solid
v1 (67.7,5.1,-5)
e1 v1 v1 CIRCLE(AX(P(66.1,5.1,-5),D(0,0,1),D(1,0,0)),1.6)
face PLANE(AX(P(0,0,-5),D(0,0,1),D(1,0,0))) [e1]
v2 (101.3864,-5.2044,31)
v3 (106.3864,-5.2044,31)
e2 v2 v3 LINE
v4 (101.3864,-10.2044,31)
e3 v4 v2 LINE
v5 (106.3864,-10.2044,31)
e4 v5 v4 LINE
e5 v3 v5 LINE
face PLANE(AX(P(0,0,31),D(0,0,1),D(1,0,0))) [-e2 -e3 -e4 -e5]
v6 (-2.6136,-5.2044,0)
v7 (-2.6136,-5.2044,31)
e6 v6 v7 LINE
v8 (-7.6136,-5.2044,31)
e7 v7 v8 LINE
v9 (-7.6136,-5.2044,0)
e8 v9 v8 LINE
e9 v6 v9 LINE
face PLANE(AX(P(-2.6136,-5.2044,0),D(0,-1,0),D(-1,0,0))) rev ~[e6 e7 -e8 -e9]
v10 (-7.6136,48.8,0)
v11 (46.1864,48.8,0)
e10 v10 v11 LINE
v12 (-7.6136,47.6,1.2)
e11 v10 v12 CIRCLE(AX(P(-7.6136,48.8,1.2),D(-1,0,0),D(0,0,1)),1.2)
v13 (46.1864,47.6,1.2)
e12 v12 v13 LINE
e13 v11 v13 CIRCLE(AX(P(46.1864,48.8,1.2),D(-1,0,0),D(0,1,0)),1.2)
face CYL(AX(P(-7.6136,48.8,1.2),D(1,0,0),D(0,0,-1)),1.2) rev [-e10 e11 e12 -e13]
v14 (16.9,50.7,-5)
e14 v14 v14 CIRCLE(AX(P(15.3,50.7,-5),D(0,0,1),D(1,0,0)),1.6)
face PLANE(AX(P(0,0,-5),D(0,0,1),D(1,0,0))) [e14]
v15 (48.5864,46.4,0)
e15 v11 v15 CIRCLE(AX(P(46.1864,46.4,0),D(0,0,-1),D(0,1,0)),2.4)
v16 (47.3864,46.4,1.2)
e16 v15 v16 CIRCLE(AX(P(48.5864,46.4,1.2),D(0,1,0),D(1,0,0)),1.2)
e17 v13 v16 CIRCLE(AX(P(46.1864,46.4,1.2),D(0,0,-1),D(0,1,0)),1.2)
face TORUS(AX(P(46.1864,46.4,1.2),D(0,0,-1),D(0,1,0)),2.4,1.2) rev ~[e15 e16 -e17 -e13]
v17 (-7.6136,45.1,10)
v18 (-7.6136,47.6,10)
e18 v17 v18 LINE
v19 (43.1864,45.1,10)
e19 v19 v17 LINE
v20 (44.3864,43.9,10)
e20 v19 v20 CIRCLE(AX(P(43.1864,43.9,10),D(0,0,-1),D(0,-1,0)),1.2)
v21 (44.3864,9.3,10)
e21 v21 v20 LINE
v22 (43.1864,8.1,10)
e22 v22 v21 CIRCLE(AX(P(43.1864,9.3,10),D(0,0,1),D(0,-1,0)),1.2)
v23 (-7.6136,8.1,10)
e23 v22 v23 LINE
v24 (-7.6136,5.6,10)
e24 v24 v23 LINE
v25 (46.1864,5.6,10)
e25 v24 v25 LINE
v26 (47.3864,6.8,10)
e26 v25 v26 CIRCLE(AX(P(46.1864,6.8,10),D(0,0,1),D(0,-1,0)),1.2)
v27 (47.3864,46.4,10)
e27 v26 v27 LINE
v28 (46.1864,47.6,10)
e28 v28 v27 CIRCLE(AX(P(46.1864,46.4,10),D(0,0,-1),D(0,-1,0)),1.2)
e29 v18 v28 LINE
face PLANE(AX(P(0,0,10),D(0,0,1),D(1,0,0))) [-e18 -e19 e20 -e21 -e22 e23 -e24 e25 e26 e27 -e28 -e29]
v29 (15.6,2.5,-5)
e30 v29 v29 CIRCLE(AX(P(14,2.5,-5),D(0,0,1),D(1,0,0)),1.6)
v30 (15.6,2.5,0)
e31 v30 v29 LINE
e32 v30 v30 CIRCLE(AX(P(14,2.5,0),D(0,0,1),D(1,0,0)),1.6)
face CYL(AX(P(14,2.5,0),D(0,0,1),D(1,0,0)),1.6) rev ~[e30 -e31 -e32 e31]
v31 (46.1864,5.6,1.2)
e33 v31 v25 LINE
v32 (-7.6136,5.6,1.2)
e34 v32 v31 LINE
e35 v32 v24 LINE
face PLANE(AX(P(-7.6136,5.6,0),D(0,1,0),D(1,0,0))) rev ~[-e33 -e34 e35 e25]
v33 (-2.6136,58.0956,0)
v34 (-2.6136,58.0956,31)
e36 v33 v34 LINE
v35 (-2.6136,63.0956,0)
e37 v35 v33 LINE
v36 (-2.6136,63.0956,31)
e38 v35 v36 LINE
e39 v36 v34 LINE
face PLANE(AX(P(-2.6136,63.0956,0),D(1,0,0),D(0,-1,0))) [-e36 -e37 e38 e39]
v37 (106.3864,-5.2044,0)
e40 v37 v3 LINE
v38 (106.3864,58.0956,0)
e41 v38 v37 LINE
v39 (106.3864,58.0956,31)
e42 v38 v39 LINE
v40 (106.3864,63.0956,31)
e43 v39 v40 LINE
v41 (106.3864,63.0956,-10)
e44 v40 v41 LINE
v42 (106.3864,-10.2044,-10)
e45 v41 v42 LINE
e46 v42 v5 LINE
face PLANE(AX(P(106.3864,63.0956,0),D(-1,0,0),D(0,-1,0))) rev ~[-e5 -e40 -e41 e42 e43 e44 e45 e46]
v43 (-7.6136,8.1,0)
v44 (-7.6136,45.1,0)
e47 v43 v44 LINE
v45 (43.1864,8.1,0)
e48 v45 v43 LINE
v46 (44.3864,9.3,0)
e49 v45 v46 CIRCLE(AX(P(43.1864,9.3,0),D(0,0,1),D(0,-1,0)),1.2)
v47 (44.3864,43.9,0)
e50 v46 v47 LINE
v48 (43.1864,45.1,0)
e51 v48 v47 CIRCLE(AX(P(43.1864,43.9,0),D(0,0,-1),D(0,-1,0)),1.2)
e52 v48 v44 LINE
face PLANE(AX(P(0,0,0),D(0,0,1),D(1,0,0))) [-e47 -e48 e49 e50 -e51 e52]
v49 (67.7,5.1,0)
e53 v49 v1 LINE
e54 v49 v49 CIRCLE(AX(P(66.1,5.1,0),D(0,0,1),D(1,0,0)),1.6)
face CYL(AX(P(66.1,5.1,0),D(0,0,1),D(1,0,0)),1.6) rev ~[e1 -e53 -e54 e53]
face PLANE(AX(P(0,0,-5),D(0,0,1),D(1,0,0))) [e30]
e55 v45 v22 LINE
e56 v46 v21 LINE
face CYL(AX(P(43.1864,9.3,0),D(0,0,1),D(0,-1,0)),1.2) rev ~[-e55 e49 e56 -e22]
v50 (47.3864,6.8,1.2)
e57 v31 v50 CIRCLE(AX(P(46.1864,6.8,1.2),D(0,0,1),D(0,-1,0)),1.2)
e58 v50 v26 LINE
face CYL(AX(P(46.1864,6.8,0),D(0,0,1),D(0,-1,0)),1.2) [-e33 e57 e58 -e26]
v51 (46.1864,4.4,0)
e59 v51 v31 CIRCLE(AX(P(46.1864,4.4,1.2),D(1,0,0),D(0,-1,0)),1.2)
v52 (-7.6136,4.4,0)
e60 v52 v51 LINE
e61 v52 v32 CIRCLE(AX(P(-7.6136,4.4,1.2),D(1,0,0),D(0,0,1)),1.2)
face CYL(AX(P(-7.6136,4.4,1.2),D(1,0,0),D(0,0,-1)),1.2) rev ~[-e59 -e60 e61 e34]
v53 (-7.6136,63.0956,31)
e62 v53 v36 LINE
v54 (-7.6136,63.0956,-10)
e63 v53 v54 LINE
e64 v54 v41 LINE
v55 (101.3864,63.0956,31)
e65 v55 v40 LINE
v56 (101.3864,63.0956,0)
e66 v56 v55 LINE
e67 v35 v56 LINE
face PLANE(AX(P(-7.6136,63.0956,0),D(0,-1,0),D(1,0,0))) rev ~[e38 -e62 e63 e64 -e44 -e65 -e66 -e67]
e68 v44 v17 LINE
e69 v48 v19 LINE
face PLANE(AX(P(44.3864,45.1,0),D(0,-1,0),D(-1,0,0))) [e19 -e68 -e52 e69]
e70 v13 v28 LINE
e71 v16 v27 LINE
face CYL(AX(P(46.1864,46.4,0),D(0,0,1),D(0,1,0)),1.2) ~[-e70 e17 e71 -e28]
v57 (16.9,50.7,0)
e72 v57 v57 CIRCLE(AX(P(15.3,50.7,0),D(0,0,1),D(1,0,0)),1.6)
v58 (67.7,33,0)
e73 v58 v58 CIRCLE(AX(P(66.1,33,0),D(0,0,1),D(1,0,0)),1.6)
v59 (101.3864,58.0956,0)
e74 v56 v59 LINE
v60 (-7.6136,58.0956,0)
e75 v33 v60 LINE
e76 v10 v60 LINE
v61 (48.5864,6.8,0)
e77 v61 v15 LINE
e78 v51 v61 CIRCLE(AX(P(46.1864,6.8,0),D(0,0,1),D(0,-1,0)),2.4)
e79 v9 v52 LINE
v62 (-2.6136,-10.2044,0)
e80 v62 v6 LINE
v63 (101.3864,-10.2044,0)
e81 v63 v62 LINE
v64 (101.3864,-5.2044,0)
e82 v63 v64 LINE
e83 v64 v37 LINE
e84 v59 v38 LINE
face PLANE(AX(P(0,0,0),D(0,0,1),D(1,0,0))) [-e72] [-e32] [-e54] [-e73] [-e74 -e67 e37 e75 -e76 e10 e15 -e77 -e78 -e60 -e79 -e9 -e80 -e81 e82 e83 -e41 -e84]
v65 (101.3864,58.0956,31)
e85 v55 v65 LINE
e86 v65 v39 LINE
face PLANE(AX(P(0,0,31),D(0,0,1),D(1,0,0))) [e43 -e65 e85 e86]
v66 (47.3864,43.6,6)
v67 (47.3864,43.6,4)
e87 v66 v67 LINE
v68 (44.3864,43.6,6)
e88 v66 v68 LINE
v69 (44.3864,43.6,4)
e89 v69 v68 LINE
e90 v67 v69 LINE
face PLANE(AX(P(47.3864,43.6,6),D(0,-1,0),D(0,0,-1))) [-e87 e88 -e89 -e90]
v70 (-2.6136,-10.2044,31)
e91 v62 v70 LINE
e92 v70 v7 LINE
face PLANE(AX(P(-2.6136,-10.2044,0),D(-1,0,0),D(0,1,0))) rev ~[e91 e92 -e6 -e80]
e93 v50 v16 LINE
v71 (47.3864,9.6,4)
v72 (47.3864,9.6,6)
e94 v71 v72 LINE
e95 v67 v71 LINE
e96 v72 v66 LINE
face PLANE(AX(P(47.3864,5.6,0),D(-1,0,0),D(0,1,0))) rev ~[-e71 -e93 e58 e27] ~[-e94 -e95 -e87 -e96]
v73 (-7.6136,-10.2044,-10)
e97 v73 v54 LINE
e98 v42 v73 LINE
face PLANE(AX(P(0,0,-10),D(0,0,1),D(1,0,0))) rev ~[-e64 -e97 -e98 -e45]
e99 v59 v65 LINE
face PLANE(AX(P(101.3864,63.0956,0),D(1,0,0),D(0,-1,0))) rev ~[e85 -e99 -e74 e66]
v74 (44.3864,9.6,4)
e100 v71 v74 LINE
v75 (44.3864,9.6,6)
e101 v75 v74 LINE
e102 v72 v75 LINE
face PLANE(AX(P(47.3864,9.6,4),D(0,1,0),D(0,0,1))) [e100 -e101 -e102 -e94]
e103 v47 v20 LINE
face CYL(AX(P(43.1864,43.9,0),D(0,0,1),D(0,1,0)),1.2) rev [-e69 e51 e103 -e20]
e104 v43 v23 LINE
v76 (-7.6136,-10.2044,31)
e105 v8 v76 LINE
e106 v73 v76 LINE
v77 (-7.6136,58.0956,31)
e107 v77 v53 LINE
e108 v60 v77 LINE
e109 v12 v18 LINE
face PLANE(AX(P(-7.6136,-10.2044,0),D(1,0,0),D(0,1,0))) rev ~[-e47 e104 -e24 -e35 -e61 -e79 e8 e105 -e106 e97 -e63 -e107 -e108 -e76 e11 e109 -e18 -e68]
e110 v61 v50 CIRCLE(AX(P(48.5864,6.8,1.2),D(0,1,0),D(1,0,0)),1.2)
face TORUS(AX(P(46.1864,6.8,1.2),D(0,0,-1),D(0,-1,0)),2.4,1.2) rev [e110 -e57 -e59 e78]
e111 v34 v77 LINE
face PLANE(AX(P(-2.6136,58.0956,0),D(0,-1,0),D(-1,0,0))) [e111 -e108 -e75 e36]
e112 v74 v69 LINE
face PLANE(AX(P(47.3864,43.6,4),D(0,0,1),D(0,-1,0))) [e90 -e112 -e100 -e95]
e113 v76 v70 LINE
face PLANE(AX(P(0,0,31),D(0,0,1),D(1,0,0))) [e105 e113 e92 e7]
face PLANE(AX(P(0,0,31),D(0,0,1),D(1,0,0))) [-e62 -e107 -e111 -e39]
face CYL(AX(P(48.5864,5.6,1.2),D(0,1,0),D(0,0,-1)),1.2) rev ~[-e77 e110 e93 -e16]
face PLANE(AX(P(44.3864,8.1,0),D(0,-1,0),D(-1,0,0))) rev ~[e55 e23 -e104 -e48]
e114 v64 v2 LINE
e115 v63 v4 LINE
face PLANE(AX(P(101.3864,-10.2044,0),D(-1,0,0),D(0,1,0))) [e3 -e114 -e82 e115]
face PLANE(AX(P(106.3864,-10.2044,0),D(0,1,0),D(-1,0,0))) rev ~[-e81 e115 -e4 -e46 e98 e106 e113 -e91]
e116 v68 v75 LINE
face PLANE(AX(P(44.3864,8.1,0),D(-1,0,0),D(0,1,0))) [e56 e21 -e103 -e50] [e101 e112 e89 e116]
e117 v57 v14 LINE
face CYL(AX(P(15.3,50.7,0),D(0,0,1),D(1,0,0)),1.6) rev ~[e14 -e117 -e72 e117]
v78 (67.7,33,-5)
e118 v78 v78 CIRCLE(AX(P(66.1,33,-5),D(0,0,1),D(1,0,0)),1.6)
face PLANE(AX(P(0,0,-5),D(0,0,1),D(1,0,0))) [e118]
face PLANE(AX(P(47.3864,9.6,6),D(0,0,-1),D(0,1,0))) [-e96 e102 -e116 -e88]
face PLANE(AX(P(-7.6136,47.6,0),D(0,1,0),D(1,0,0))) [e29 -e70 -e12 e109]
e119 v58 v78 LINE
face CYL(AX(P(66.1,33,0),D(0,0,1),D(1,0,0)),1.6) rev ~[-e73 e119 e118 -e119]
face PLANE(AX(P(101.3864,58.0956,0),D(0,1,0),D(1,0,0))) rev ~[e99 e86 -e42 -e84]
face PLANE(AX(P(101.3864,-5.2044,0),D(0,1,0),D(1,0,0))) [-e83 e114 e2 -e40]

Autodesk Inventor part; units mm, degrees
ref_plane "YZ Plane" through (0, 0, 0) normal (1, 0, 0) x (0, 1, 0)
ref_plane "XZ Plane" through (0, 0, 0) normal (0, 1, 0) x (-1, 0, 0)
ref_plane "XY Plane" through (0, 0, 0) normal (0, 0, 1) x (1, 0, 0)
sketch "Arduino Uno" plane through (0, 0, 0) normal (0, 0, 1) x (1, 0, 0)
  line L0 (0, 0) -> (68.6, 0)
  line L1 (68.6, 0) -> (68.6, 53.3)
  line L2 (68.6, 53.3) -> (0, 53.3)
  line L3 (0, 53.3) -> (0, 0)
  circle A0 centre (14, 2.5) radius 1.6
  circle A1 centre (15.3, 50.7) radius 1.6
  circle A2 centre (66.1, 5.1) radius 1.6
  circle A3 centre (66.1, 33) radius 1.6
  dimension "d6" = 68.6
  dimension "d7" = 53.3
  dimension "d8" = 3.2
  dimension "d12" = 14
  dimension "d13" = 2.5
  dimension "d14" = 3.2
  dimension "d15" = 1.3
  dimension "d16" = 3.2
  dimension "d18" = 2.5
  dimension "d19" = 5.1
  dimension "d20" = 3.2
  dimension "d21" = 27.9
  dimension "d22" = 2.5
  dimension "d26" = 2.6
sketch "Sketch2" plane through (0, 0, 0) normal (0, 0, 1) x (1, 0, 0)
  line L0 (-7.6136, -10.2044) -> (-7.6136, 63.0956)
  line L1 (-7.6136, 63.0956) -> (106.3864, 63.0956)
  line L2 (106.3864, 63.0956) -> (106.3864, -10.2044)
  line L3 (106.3864, -10.2044) -> (-7.6136, -10.2044)
  dimension "d29" = 114
  dimension "d39" = 73.3
extrude "Back Plate" add sketch "Sketch2" against normal blind 10
extrude "Uno Mounting Holes" cut sketch "Arduino Uno" against normal blind 5 contours A0 | A1 | A2 | A3
sketch "3.5\" TFT LCD Screen" plane through (0, 0, 0) normal (0, 0, 1) x (1, 0, 0)
  line L0 (88.6005, 0.0003) -> (88.6005, 53.3003)
  line L1 (88.6005, 53.3003) -> (10.6005, 53.3003)
  line L2 (10.6005, 53.3003) -> (10.6005, 0.0003)
  line L3 (10.6005, 0.0003) -> (88.6005, 0.0003)
  circle A0 centre (66.1, 5.1) radius 1.6 projected
  circle A1 centre (14, 2.5) radius 1.6 projected
  circle A2 centre (15.3, 50.7) radius 1.6 projected
  circle A3 centre (66.1, 33) radius 1.6 projected
  line L4 (-7.6136, -10.2044) -> (-7.6136, 63.0956) projected
  line L5 (106.3864, -10.2044) -> (-7.6136, -10.2044) projected
  line L6 (106.3864, 63.0956) -> (106.3864, -10.2044) projected
  line L7 (-7.6136, 63.0956) -> (106.3864, 63.0956) projected
  point P0 (0, 0)
  point P1 (68.6, 0)
  dimension "d35" = 78
  dimension "d36" = 53.3
  dimension "d37" = 78
  dimension "d38" = 53.3
sketch "SD Card Slot" plane through (0, 0, 0) normal (0, 0, 1) x (1, 0, 0)
  line L0 (43.3864, 9.1) -> (-7.6136, 9.1)
  line L1 (-7.6136, 9.1) -> (-7.6136, 44.1)
  line L2 (-7.6136, 44.1) -> (43.3864, 44.1)
  line L3 (43.3864, 44.1) -> (43.3864, 9.1)
  circle A0 centre (14, 2.5) radius 1.6 projected
  line L4 (-7.6136, -10.2044) -> (-7.6136, 63.0956) projected
  circle A1 centre (15.3, 50.7) radius 1.6 projected
  point P0 (0, 0)
  dimension "d41" = 35
  dimension "d42" = 51
  dimension "d44" = 6.6
  dimension "d45" = 0
sketch "Sketch5" plane through (0, 0, 0) normal (0, 0, 1) x (1, 0, 0)
  line L0 (43.3864, 9.1) -> (-7.6136, 9.1) projected
  line L1 (43.3864, 44.1) -> (43.3864, 9.1) projected
  line L2 (-7.6136, 44.1) -> (43.3864, 44.1) projected
  line L3 (-7.6136, 9.1) -> (-7.6136, 44.1) projected
  line L4 (44.3864, 8.1) -> (44.3864, 45.1)
  line L5 (44.3864, 8.1) -> (-7.6136, 8.1)
  line L6 (-7.6136, -10.2044) -> (-7.6136, 63.0956) projected
  line L7 (44.3864, 45.1) -> (-7.6136, 45.1)
  line L8 (-7.6136, 45.1) -> (-7.6136, 47.6)
  line L9 (-7.6136, 47.6) -> (47.3864, 47.6)
  line L10 (-7.6136, 8.1) -> (-7.6136, 5.6)
  line L11 (-7.6136, 5.6) -> (47.3864, 5.6)
  line L12 (47.3864, 5.6) -> (47.3864, 47.6)
  point P0 (0, 0)
  dimension "d47" = 2.5
  dimension "d48" = 55
  dimension "d49" = 2.5
extrude "SD Card Slot Slot" add sketch "Sketch5" along normal blind 10 contours L5 L4 L7 L6 L9 L12 L11
sketch "Sketch6" plane through (47.3864, 5.6, 0) normal (1, 0, 0) x (0, 0, -1)
  line L0 (0, 42) -> (0, 0) projected
  line L1 (0, 42) -> (-10, 42) projected
  line L2 (-10, 0) -> (-10, 42) projected
  line L3 (0, 0) -> (-10, 0) projected
  line L4 (-6, 38) -> (-4, 38)
  line L5 (-4, 38) -> (-4, 4)
  line L6 (-4, 4) -> (-6, 4)
  line L7 (-6, 4) -> (-6, 38)
  point P0 (0, -5.6)
  dimension "d52" = 4
extrude "SD Ribbon Slot" cut sketch "Sketch6" against normal through all contours L4 L5 L6 L7
fillet "1.2mm Fillet" radius 1.2 7 edges at (19.8864, 47.6, 0) (19.8864, 5.6, 0) (47.3864, 26.6, 0) (47.3864, 5.6, 5) (47.3864, 47.6, 5) (44.3864, 45.1, 5) (44.3864, 8.1, 5)
sketch "Sketch7" plane through (0, 0, 0) normal (0, 0, 1) x (1, 0, 0)
  line L0 (106.3864, -10.2044) -> (101.3864, -10.2044)
  line L1 (101.3864, -10.2044) -> (101.3864, -5.2044)
  line L2 (101.3864, -5.2044) -> (106.3864, -5.2044)
  line L3 (106.3864, -5.2044) -> (106.3864, -10.2044)
  line L4 (49.3864, -10.2044) -> (49.3864, 80.0118)
  line L5 (-7.6136, 63.0956) -> (106.3864, 63.0956) projected
  line L6 (106.3864, 26.4456) -> (-34.6963, 26.4456)
  line L7 (-7.6136, -10.2044) -> (-2.6136, -10.2044)
  line L8 (-2.6136, -10.2044) -> (-2.6136, -5.2044)
  line L9 (-2.6136, -5.2044) -> (-7.6136, -5.2044)
  line L10 (-7.6136, -5.2044) -> (-7.6136, -10.2044)
  line L11 (106.3864, 63.0956) -> (101.3864, 63.0956)
  line L12 (101.3864, 63.0956) -> (101.3864, 58.0956)
  line L13 (101.3864, 58.0956) -> (106.3864, 58.0956)
  line L14 (106.3864, 58.0956) -> (106.3864, 63.0956)
  line L15 (-7.6136, 63.0956) -> (-2.6136, 63.0956)
  line L16 (-2.6136, 63.0956) -> (-2.6136, 58.0956)
  line L17 (-2.6136, 58.0956) -> (-7.6136, 58.0956)
  line L18 (-7.6136, 58.0956) -> (-7.6136, 63.0956)
  point P0 (0, 0)
  point P1 (0, 52.8913)
  dimension "d56" = 5
  dimension "d57" = 5
  dimension "d58" = 57
  dimension "d59" = 36.65
extrude "Pillars" add sketch "Sketch7" along normal blind 31
sketch "Sketch8" plane through (0, 0, 31) normal (0, 0, 1) x (1, 0, 0)
  line L0 (101.3864, -10.2044) -> (-2.6136, -10.2044) projected
  line L1 (-7.6136, -5.2044) -> (-2.6136, -5.2044) projected
  line L2 (101.3864, -10.2044) -> (-2.6136, -10.2044)
  line L3 (-2.6136, -10.2044) -> (-2.6136, -5.2044)
  line L4 (-2.6136, -5.2044) -> (101.3864, -5.2044)
  line L5 (101.3864, -5.2044) -> (101.3864, -10.2044)
  line L6 (101.3864, 63.0956) -> (101.3864, 58.0956) projected
  line L7 (106.3864, 63.0956) -> (106.3864, -10.2044) projected
  line L8 (101.3864, 58.0956) -> (106.3864, 58.0956)
  line L9 (106.3864, 58.0956) -> (106.3864, -5.2044)
  line L10 (106.3864, -5.2044) -> (101.3864, -5.2044)
  line L11 (101.3864, -5.2044) -> (101.3864, 58.0956)
  line L12 (-7.6136, 58.0956) -> (-2.6136, 58.0956) projected
  line L13 (-7.6136, 63.0956) -> (106.3864, 63.0956) projected
  line L14 (-2.6136, 58.0956) -> (101.3864, 58.0956)
  line L15 (101.3864, 58.0956) -> (101.3864, 63.0956)
  line L16 (101.3864, 63.0956) -> (-2.6136, 63.0956)
  line L17 (-2.6136, 63.0956) -> (-2.6136, 58.0956)
  line L18 (-2.6136, 58.0956) -> (-7.6136, 58.0956)
  line L19 (-7.6136, 58.0956) -> (-7.6136, -5.2044)
  line L20 (-7.6136, -5.2044) -> (-2.6136, -5.2044)
  line L21 (-2.6136, -5.2044) -> (-2.6136, 58.0956)
  point P0 (0, 0)
extrude "Beams (Will they print?)" [suppressed]
properties part number "Back Plate test03"
